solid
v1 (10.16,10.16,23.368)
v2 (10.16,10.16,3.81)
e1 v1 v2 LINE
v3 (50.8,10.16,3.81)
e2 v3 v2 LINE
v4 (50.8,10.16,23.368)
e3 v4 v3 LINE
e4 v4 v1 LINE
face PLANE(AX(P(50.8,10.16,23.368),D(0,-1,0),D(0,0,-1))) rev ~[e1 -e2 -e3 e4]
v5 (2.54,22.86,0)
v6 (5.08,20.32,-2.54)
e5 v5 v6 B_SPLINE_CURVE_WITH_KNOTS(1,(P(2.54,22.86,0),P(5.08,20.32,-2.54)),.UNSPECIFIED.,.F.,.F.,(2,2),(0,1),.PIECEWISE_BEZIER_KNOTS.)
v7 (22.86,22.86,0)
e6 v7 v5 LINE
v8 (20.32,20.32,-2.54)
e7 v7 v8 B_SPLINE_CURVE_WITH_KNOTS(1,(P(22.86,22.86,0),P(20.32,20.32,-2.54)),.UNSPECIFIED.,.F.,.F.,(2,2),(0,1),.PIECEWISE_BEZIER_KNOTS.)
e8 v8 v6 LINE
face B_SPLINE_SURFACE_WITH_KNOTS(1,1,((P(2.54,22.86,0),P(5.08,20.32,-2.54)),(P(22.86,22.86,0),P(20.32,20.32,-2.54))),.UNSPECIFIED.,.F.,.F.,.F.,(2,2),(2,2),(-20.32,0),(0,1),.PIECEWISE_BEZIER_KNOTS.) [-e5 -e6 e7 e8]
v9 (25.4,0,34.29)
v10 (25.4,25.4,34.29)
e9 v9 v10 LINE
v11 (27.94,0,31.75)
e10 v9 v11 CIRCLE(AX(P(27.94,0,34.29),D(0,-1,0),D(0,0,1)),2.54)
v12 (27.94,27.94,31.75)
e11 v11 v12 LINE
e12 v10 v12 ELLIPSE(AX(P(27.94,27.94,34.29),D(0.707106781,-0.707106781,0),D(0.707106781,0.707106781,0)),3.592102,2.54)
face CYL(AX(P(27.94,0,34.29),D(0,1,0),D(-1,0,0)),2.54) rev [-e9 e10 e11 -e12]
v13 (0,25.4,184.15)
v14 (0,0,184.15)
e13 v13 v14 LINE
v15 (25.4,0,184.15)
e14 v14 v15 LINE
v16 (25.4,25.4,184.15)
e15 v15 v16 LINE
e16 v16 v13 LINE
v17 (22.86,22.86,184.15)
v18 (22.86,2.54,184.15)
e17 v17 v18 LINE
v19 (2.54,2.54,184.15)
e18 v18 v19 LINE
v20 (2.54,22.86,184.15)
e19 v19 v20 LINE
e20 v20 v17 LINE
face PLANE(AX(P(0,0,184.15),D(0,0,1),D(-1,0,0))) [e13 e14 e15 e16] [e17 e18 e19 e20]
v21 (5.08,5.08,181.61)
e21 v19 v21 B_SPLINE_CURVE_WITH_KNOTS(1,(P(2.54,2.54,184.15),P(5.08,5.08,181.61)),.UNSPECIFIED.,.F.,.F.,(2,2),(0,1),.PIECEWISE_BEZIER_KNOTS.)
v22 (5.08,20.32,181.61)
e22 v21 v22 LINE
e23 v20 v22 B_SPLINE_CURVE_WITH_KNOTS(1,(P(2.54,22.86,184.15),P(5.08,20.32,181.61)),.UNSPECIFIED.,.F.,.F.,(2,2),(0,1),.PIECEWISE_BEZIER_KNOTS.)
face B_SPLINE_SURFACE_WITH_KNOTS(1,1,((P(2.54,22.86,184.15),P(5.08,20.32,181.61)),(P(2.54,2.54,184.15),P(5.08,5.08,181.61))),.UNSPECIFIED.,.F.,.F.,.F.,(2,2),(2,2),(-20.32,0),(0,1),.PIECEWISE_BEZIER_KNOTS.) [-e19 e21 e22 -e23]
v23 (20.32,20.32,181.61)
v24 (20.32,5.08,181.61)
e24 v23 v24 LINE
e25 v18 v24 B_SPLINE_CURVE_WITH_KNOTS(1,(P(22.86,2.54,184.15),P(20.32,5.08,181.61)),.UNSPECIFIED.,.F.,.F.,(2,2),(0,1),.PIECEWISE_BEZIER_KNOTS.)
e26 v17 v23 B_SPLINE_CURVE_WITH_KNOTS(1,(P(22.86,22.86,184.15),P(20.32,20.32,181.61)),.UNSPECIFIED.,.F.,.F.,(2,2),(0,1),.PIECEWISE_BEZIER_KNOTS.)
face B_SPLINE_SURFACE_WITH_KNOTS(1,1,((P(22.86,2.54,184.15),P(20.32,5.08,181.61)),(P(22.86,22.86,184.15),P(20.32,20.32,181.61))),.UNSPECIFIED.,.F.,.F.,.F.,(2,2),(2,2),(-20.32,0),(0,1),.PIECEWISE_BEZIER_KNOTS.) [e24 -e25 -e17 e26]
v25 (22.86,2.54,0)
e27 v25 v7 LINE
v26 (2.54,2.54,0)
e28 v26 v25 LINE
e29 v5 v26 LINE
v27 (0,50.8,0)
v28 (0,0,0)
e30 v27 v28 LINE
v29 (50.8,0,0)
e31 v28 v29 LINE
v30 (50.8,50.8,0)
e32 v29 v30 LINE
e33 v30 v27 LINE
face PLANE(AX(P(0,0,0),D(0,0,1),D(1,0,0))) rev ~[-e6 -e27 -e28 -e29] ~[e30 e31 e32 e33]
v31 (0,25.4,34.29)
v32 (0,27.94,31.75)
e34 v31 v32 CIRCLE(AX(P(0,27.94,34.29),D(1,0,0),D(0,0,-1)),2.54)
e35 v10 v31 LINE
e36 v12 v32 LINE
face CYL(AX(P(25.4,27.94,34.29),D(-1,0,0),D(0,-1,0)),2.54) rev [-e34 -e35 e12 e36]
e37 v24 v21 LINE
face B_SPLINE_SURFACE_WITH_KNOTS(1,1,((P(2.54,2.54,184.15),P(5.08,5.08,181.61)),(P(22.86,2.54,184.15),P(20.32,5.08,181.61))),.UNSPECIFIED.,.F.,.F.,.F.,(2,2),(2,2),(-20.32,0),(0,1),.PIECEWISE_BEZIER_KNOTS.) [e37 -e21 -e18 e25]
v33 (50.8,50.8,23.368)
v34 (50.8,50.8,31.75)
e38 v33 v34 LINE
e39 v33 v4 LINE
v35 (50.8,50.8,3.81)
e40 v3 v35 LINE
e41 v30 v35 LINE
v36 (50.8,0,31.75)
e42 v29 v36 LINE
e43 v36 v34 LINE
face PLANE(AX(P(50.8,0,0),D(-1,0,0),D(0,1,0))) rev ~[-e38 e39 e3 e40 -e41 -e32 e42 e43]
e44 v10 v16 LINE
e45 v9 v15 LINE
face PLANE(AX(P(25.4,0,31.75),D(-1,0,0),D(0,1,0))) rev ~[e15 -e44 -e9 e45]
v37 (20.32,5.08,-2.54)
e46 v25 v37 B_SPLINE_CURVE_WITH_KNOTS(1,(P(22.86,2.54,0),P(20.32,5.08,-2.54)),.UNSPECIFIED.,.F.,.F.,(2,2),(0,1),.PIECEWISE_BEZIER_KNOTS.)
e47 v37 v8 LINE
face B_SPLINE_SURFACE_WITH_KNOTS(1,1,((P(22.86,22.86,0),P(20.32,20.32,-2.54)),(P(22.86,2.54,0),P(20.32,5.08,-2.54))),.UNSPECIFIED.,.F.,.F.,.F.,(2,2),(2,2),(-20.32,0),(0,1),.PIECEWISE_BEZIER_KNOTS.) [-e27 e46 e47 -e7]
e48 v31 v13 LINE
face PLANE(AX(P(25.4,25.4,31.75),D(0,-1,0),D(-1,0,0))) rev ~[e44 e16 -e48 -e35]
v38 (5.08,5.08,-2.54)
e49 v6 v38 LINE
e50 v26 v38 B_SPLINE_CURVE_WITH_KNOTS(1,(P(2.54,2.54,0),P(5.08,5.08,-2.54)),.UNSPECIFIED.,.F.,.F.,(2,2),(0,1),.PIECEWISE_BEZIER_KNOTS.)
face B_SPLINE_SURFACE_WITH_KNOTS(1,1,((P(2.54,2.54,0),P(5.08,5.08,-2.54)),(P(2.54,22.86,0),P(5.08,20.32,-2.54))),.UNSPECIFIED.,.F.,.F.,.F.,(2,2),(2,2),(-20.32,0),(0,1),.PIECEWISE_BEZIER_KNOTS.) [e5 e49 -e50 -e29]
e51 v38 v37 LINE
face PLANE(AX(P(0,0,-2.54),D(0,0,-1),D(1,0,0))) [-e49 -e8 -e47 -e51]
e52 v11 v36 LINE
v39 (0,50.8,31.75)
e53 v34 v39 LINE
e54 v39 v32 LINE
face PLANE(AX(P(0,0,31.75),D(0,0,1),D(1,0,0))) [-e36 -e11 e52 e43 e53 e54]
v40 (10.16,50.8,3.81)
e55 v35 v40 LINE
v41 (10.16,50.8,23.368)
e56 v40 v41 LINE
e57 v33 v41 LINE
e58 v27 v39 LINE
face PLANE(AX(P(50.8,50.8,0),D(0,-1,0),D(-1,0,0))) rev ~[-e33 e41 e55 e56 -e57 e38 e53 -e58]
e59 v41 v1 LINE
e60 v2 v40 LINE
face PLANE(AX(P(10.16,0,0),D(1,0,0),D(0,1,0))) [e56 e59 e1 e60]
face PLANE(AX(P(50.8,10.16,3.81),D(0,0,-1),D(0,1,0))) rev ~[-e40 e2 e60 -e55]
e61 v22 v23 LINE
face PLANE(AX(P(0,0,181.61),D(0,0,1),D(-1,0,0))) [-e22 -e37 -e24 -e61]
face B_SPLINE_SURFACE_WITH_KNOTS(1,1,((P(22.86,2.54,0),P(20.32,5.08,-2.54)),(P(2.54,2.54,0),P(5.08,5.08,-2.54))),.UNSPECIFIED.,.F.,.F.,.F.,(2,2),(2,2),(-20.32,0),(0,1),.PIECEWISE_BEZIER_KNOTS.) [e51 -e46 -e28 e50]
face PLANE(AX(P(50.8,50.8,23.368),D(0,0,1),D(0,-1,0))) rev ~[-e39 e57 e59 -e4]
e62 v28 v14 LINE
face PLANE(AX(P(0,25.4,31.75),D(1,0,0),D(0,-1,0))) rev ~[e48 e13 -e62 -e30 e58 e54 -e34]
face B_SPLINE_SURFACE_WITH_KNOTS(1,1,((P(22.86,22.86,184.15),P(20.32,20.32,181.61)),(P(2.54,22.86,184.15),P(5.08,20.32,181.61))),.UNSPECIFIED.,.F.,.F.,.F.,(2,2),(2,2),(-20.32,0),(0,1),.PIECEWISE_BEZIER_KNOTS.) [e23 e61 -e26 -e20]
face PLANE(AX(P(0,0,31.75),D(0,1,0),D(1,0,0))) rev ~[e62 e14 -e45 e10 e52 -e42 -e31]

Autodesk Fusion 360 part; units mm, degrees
sketch "Sketch1" plane through (0, 0, 0) normal (0, 0, 1) x (1, 0, 0)
  line L0 (0, 0) -> (50.8, 0)
  line L1 (50.8, 0) -> (50.8, 50.8)
  line L2 (50.8, 50.8) -> (0, 50.8)
  line L3 (0, 50.8) -> (0, 0)
  dimension "d1" = 50.8
  dimension "d2" = 50.8
extrude "Extrude1" add sketch "Sketch1" along normal blind 31.75
sketch "Sketch2" plane through (50.8, 0, 0) normal (1, 0, 0) x (0, 1, 0)
  line L0 (0, 0) -> (50.8, 0)
  line L1 (50.8, 0) -> (50.8, 31.75)
  line L2 (50.8, 31.75) -> (0, 31.75)
  line L3 (0, 31.75) -> (0, 0)
  line L4 (50.8, 23.368) -> (10.16, 23.368)
  line L5 (10.16, 23.368) -> (10.16, 3.81)
  line L6 (10.16, 3.81) -> (50.8, 3.81)
  line L7 (50.8, 3.81) -> (50.8, 23.368)
  dimension "d5" = 40.64
  dimension "d6" = 19.558
  dimension "d14" = 3.81
extrude "Extrude2" cut sketch "Sketch2" against normal blind 40.64 contours L1 L4 L5 L6 L7
sketch "Sketch3" plane through (0, 0, 31.75) normal (0, 0, 1) x (-1, 0, 0)
  line L0 (0, -50.8) -> (0, 0)
  line L1 (0, 0) -> (-50.8, 0)
  line L2 (-50.8, 0) -> (-50.8, -50.8)
  line L3 (-50.8, -50.8) -> (0, -50.8)
  line L4 (0, 0) -> (-25.4, 0)
  line L5 (-25.4, 0) -> (-25.4, -25.4)
  line L6 (-25.4, -25.4) -> (0, -25.4)
  line L7 (0, -25.4) -> (0, 0)
  dimension "d10" = 25.4
  dimension "d11" = 25.4
extrude "Extrude3" add sketch "Sketch3" along normal blind 152.4 contours L0 L1 L4 L5 L6 L7
fillet "Fillet1" radius 2.54 2 edges at (25.4, 12.7, 31.75) (12.7, 25.4, 31.75)
sketch "Sketch4" plane through (0, 0, 0) normal (0, 0, -1) x (1, 0, 0)
  line L0 (0, 0) -> (0, -50.8)
  line L1 (0, -50.8) -> (50.8, -50.8)
  line L2 (50.8, -50.8) -> (50.8, 0)
  line L3 (50.8, 0) -> (0, 0)
  line L4 (2.54, -2.54) -> (22.86, -2.54)
  line L5 (22.86, -2.54) -> (22.86, -22.86)
  line L6 (22.86, -22.86) -> (2.54, -22.86)
  line L7 (2.54, -22.86) -> (2.54, -2.54)
  dimension "d17" = 2.54
  dimension "d18" = 2.54
  dimension "d19" = 20.32
  dimension "d20" = 20.32
sketch "Sketch5" plane through (0, 0, 0) normal (0, 0, -1) x (1, 0, 0)
  line L0 (5.08, -5.08) -> (20.32, -5.08)
  line L1 (20.32, -5.08) -> (20.32, -20.32)
  line L2 (20.32, -20.32) -> (5.08, -20.32)
  line L3 (5.08, -20.32) -> (5.08, -5.08)
  line L4 (2.54, -2.54) -> (22.86, -2.54)
  line L5 (2.54, -22.86) -> (2.54, -2.54)
  dimension "d21" = 2.54
  dimension "d22" = 2.54
  dimension "d23" = 15.24
  dimension "d24" = 15.24
extrude "Extrude4" add sketch "Sketch5" along normal blind 2.54
loft "Loft1" add profiles "Sketch4" section 1 contours L4 L5 L6 L7 section 2 face at (10.16, 15.24, -2.54)
sketch "Sketch6" plane through (0, 0, 184.15) normal (0, 0, 1) x (-1, 0, 0)
  line L0 (0, -25.4) -> (0, 0)
  line L1 (0, 0) -> (-25.4, 0)
  line L2 (-25.4, 0) -> (-25.4, -25.4)
  line L3 (-25.4, -25.4) -> (0, -25.4)
  line L4 (-2.54, -22.86) -> (-22.86, -22.86)
  line L5 (-22.86, -22.86) -> (-22.86, -2.54)
  line L6 (-22.86, -2.54) -> (-2.54, -2.54)
  line L7 (-2.54, -2.54) -> (-2.54, -22.86)
  line L8 (-5.08, -20.32) -> (-20.32, -20.32)
  line L9 (-20.32, -20.32) -> (-20.32, -5.08)
  line L10 (-20.32, -5.08) -> (-5.08, -5.08)
  line L11 (-5.08, -5.08) -> (-5.08, -20.32)
  dimension "d27" = 2.54
  dimension "d28" = 2.54
  dimension "d29" = 2.54
  dimension "d30" = 20.32
  dimension "d31" = 2.54
  dimension "d32" = 15.24
  dimension "d33" = 15.24
  dimension "d34" = 2.54
extrude "Extrude5" cut sketch "Sketch6" against normal blind 2.54 contours L8 L9 L10 L11
loft "Loft2" cut profiles "Sketch6" section 1 contours L4 L5 L6 L7 section 2 face at (15.24, 15.24, 181.61)
